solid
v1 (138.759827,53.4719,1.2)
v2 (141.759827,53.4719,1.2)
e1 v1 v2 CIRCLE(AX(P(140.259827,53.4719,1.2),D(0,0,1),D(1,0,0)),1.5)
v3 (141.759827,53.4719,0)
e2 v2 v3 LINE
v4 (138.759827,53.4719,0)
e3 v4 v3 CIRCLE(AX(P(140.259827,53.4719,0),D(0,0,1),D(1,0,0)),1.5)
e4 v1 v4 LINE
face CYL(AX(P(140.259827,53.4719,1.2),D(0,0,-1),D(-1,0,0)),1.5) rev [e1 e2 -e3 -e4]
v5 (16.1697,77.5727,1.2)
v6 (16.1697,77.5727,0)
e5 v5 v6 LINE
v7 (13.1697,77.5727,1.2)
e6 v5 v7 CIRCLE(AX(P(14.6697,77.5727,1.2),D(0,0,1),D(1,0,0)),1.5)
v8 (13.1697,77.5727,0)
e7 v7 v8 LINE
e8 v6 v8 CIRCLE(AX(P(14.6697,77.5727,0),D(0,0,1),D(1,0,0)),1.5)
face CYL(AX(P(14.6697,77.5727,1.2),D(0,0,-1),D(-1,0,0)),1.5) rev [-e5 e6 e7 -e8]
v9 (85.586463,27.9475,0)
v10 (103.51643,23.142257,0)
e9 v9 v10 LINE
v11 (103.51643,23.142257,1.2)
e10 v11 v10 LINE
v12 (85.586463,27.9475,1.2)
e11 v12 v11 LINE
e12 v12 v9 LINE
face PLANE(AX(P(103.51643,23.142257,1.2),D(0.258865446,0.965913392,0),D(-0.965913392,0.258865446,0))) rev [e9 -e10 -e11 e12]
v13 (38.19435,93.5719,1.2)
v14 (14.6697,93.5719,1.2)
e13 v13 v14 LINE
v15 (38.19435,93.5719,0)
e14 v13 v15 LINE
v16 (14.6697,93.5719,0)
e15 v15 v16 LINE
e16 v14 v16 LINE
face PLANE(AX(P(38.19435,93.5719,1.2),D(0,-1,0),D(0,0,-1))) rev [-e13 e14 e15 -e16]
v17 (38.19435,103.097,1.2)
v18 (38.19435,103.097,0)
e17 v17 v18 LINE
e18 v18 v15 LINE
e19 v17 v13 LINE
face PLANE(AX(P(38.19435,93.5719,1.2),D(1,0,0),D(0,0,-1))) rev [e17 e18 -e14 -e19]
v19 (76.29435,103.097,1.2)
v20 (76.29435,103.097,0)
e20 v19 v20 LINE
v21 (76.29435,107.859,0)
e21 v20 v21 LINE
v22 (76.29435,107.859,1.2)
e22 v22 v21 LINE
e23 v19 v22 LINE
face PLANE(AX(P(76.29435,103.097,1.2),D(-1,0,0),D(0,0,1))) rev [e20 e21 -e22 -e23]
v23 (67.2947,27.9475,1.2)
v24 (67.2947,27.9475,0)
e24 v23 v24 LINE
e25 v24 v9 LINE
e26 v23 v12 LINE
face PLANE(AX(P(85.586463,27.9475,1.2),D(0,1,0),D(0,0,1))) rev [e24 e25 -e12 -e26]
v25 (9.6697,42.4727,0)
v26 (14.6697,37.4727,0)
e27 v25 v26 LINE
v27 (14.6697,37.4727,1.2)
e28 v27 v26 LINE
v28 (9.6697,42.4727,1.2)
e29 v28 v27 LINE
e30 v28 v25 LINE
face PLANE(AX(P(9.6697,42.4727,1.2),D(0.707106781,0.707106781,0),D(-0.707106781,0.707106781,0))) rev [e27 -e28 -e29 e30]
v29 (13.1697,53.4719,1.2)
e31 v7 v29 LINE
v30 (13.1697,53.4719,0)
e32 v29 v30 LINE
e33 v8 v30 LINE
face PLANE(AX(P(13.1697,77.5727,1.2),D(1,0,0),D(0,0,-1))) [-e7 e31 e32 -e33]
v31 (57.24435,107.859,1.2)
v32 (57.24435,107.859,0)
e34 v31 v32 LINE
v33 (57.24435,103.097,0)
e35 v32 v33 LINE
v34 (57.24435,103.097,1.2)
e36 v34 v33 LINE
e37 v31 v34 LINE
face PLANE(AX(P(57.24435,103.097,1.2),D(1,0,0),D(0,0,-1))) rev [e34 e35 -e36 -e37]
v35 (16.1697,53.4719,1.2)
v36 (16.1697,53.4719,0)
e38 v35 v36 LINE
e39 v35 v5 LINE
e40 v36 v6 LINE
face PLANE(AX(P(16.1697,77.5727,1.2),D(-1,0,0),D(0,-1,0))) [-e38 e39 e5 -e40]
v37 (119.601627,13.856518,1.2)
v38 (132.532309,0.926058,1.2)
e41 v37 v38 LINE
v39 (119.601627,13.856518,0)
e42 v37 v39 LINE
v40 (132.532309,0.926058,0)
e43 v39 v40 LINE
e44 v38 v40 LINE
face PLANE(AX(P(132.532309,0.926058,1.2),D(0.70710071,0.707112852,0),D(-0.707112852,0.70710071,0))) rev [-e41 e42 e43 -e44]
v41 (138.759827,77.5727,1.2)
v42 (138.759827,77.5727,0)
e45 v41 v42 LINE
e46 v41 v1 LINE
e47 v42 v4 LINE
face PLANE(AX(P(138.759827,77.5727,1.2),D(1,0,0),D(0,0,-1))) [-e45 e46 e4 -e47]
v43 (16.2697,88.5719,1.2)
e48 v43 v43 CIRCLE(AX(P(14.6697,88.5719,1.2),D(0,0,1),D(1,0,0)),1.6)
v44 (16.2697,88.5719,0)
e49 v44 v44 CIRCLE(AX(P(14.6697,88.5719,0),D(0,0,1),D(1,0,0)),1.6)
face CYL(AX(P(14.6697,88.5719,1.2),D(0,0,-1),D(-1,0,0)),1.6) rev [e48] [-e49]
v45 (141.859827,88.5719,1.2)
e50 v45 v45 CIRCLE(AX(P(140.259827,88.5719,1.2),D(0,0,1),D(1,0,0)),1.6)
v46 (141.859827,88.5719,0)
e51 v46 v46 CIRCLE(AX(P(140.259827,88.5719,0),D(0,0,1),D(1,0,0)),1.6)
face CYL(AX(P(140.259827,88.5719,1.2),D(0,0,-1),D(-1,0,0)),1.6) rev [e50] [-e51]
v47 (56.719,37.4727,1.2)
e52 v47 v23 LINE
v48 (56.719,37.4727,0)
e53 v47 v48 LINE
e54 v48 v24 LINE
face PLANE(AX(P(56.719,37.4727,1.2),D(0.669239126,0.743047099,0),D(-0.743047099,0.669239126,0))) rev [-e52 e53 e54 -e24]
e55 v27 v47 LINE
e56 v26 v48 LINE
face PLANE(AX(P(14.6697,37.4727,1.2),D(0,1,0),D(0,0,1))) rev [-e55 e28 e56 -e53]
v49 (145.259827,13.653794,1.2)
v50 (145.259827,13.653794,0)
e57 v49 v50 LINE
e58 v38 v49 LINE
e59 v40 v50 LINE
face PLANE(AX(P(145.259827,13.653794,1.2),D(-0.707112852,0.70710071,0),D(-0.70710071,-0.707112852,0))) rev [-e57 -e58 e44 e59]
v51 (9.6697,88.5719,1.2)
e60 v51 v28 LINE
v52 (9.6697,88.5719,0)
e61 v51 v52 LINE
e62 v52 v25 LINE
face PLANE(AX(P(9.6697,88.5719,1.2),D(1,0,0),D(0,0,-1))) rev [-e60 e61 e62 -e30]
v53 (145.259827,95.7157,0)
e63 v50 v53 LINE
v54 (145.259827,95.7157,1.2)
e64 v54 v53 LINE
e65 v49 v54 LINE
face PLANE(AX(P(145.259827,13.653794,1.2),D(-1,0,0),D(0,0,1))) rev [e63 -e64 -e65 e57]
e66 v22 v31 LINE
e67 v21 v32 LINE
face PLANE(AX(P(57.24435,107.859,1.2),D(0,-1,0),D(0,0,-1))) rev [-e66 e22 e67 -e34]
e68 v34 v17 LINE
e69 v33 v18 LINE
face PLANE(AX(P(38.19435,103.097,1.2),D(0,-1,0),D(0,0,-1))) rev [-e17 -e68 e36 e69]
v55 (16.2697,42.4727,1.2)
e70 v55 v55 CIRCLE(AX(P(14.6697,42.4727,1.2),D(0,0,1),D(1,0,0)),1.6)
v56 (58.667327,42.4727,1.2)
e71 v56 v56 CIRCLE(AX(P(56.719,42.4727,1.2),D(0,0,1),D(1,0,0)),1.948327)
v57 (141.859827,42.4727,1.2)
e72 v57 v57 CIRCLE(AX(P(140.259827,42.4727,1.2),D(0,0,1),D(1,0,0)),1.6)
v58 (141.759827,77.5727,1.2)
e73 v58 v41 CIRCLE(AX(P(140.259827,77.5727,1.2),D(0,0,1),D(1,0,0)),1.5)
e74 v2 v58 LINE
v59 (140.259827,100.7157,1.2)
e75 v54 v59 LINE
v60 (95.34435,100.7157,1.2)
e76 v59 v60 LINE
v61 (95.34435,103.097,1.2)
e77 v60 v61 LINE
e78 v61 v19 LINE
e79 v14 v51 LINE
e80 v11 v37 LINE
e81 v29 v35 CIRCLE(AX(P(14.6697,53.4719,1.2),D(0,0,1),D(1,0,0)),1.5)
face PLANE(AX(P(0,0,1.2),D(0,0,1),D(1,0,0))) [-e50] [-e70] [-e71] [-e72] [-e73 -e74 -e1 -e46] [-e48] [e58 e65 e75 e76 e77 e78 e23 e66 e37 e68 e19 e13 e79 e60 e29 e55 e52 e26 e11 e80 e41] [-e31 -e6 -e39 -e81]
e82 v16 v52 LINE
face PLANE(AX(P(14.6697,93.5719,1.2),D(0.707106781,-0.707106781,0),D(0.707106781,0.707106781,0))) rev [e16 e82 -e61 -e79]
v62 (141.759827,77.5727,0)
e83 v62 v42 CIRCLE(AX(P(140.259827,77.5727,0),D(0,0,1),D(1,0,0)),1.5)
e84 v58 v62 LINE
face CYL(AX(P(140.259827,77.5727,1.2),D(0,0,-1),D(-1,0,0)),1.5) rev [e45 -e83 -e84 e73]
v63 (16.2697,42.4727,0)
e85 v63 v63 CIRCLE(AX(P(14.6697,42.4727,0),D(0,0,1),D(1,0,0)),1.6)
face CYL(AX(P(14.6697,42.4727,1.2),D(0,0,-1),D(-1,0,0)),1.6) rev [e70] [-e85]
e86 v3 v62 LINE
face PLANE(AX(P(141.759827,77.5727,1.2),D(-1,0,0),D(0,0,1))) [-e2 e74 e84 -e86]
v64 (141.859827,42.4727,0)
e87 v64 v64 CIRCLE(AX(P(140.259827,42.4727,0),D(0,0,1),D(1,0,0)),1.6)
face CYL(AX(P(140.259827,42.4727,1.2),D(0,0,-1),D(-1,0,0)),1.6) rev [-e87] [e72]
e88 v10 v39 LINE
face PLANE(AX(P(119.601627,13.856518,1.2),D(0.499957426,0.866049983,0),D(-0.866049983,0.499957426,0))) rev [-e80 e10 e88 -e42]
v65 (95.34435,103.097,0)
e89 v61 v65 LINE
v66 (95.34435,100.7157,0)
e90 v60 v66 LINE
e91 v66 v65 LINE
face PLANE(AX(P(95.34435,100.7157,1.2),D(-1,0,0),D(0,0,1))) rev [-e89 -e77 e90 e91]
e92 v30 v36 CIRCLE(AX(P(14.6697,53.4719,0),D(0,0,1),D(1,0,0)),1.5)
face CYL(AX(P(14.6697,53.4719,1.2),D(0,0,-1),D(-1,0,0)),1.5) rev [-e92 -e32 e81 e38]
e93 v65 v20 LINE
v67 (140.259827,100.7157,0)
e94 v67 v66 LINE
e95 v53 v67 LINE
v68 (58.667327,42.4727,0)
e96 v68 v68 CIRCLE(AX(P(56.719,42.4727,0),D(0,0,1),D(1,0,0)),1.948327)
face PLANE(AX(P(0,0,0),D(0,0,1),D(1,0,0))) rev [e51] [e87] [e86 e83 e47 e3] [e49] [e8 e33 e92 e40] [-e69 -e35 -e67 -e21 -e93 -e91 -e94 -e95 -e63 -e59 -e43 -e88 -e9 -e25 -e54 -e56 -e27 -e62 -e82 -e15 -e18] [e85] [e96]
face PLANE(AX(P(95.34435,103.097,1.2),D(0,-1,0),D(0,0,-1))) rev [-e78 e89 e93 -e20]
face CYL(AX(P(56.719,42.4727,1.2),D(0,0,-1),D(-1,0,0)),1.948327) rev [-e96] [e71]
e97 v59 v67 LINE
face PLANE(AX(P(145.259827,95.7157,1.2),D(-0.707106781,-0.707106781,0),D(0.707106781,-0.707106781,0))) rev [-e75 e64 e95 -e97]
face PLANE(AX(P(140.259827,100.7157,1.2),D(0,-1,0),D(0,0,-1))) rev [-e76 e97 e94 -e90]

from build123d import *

# Parameters (mm, degrees)
ESQUISSE2_R        = 1.6
ESQUISSE2_R_2      = 1.948326961
BOSS_EXTRU_1_DEPTH = 1.2


with BuildPart() as part:
    # Esquisse2 → Boss.-Extru.1 (new body)
    with BuildSketch(Plane.XY):
        Polygon((38.19435, 93.5719), (14.6697, 93.5719), (9.6697, 88.5719), (9.6697, 42.4727), (14.6697, 37.4727), (56.719, 37.4727), (67.2947, 27.9475), (85.586462681, 27.9475), (103.516430018, 23.142256556), (119.601627139, 13.856517967), (132.532309311, 0.926057837), (145.259827189, 13.653794272), (145.259827189, 95.7157), (140.259827189, 100.7157), (95.34435, 100.7157), (95.34435, 103.097), (76.29435, 103.097), (76.29435, 107.859), (57.24435, 107.859), (57.24435, 103.097), (38.19435, 103.097), align=None)
        with Locations((14.6697, 42.4727)):
            Circle(ESQUISSE2_R, mode=Mode.SUBTRACT)
        with Locations((14.6697, 88.5719)):
            Circle(ESQUISSE2_R, mode=Mode.SUBTRACT)
        with Locations((140.259827189, 88.5719)):
            Circle(ESQUISSE2_R, mode=Mode.SUBTRACT)
        with Locations((140.259827189, 42.4727)):
            Circle(ESQUISSE2_R, mode=Mode.SUBTRACT)
        with Locations((56.719, 42.4727)):
            Circle(ESQUISSE2_R_2, mode=Mode.SUBTRACT)
        with BuildLine():
            Line((16.1697, 77.5727), (16.1697, 53.4719))
            ThreePointArc((16.1697, 53.4719), (14.6697, 51.9719), (13.1697, 53.4719))
            Line((13.1697, 53.4719), (13.1697, 77.5727))
            ThreePointArc((13.1697, 77.5727), (14.6697, 79.0727), (16.1697, 77.5727))
        make_face(mode=Mode.SUBTRACT)
        with BuildLine():
            Line((141.759827189, 77.5727), (141.759827189, 53.4719))
            ThreePointArc((141.759827189, 53.4719), (140.259827189, 51.9719), (138.759827189, 53.4719))
            Line((138.759827189, 53.4719), (138.759827189, 77.5727))
            ThreePointArc((138.759827189, 77.5727), (140.259827189, 79.0727), (141.759827189, 77.5727))
        make_face(mode=Mode.SUBTRACT)
    extrude(amount=BOSS_EXTRU_1_DEPTH)


solid = part.part
